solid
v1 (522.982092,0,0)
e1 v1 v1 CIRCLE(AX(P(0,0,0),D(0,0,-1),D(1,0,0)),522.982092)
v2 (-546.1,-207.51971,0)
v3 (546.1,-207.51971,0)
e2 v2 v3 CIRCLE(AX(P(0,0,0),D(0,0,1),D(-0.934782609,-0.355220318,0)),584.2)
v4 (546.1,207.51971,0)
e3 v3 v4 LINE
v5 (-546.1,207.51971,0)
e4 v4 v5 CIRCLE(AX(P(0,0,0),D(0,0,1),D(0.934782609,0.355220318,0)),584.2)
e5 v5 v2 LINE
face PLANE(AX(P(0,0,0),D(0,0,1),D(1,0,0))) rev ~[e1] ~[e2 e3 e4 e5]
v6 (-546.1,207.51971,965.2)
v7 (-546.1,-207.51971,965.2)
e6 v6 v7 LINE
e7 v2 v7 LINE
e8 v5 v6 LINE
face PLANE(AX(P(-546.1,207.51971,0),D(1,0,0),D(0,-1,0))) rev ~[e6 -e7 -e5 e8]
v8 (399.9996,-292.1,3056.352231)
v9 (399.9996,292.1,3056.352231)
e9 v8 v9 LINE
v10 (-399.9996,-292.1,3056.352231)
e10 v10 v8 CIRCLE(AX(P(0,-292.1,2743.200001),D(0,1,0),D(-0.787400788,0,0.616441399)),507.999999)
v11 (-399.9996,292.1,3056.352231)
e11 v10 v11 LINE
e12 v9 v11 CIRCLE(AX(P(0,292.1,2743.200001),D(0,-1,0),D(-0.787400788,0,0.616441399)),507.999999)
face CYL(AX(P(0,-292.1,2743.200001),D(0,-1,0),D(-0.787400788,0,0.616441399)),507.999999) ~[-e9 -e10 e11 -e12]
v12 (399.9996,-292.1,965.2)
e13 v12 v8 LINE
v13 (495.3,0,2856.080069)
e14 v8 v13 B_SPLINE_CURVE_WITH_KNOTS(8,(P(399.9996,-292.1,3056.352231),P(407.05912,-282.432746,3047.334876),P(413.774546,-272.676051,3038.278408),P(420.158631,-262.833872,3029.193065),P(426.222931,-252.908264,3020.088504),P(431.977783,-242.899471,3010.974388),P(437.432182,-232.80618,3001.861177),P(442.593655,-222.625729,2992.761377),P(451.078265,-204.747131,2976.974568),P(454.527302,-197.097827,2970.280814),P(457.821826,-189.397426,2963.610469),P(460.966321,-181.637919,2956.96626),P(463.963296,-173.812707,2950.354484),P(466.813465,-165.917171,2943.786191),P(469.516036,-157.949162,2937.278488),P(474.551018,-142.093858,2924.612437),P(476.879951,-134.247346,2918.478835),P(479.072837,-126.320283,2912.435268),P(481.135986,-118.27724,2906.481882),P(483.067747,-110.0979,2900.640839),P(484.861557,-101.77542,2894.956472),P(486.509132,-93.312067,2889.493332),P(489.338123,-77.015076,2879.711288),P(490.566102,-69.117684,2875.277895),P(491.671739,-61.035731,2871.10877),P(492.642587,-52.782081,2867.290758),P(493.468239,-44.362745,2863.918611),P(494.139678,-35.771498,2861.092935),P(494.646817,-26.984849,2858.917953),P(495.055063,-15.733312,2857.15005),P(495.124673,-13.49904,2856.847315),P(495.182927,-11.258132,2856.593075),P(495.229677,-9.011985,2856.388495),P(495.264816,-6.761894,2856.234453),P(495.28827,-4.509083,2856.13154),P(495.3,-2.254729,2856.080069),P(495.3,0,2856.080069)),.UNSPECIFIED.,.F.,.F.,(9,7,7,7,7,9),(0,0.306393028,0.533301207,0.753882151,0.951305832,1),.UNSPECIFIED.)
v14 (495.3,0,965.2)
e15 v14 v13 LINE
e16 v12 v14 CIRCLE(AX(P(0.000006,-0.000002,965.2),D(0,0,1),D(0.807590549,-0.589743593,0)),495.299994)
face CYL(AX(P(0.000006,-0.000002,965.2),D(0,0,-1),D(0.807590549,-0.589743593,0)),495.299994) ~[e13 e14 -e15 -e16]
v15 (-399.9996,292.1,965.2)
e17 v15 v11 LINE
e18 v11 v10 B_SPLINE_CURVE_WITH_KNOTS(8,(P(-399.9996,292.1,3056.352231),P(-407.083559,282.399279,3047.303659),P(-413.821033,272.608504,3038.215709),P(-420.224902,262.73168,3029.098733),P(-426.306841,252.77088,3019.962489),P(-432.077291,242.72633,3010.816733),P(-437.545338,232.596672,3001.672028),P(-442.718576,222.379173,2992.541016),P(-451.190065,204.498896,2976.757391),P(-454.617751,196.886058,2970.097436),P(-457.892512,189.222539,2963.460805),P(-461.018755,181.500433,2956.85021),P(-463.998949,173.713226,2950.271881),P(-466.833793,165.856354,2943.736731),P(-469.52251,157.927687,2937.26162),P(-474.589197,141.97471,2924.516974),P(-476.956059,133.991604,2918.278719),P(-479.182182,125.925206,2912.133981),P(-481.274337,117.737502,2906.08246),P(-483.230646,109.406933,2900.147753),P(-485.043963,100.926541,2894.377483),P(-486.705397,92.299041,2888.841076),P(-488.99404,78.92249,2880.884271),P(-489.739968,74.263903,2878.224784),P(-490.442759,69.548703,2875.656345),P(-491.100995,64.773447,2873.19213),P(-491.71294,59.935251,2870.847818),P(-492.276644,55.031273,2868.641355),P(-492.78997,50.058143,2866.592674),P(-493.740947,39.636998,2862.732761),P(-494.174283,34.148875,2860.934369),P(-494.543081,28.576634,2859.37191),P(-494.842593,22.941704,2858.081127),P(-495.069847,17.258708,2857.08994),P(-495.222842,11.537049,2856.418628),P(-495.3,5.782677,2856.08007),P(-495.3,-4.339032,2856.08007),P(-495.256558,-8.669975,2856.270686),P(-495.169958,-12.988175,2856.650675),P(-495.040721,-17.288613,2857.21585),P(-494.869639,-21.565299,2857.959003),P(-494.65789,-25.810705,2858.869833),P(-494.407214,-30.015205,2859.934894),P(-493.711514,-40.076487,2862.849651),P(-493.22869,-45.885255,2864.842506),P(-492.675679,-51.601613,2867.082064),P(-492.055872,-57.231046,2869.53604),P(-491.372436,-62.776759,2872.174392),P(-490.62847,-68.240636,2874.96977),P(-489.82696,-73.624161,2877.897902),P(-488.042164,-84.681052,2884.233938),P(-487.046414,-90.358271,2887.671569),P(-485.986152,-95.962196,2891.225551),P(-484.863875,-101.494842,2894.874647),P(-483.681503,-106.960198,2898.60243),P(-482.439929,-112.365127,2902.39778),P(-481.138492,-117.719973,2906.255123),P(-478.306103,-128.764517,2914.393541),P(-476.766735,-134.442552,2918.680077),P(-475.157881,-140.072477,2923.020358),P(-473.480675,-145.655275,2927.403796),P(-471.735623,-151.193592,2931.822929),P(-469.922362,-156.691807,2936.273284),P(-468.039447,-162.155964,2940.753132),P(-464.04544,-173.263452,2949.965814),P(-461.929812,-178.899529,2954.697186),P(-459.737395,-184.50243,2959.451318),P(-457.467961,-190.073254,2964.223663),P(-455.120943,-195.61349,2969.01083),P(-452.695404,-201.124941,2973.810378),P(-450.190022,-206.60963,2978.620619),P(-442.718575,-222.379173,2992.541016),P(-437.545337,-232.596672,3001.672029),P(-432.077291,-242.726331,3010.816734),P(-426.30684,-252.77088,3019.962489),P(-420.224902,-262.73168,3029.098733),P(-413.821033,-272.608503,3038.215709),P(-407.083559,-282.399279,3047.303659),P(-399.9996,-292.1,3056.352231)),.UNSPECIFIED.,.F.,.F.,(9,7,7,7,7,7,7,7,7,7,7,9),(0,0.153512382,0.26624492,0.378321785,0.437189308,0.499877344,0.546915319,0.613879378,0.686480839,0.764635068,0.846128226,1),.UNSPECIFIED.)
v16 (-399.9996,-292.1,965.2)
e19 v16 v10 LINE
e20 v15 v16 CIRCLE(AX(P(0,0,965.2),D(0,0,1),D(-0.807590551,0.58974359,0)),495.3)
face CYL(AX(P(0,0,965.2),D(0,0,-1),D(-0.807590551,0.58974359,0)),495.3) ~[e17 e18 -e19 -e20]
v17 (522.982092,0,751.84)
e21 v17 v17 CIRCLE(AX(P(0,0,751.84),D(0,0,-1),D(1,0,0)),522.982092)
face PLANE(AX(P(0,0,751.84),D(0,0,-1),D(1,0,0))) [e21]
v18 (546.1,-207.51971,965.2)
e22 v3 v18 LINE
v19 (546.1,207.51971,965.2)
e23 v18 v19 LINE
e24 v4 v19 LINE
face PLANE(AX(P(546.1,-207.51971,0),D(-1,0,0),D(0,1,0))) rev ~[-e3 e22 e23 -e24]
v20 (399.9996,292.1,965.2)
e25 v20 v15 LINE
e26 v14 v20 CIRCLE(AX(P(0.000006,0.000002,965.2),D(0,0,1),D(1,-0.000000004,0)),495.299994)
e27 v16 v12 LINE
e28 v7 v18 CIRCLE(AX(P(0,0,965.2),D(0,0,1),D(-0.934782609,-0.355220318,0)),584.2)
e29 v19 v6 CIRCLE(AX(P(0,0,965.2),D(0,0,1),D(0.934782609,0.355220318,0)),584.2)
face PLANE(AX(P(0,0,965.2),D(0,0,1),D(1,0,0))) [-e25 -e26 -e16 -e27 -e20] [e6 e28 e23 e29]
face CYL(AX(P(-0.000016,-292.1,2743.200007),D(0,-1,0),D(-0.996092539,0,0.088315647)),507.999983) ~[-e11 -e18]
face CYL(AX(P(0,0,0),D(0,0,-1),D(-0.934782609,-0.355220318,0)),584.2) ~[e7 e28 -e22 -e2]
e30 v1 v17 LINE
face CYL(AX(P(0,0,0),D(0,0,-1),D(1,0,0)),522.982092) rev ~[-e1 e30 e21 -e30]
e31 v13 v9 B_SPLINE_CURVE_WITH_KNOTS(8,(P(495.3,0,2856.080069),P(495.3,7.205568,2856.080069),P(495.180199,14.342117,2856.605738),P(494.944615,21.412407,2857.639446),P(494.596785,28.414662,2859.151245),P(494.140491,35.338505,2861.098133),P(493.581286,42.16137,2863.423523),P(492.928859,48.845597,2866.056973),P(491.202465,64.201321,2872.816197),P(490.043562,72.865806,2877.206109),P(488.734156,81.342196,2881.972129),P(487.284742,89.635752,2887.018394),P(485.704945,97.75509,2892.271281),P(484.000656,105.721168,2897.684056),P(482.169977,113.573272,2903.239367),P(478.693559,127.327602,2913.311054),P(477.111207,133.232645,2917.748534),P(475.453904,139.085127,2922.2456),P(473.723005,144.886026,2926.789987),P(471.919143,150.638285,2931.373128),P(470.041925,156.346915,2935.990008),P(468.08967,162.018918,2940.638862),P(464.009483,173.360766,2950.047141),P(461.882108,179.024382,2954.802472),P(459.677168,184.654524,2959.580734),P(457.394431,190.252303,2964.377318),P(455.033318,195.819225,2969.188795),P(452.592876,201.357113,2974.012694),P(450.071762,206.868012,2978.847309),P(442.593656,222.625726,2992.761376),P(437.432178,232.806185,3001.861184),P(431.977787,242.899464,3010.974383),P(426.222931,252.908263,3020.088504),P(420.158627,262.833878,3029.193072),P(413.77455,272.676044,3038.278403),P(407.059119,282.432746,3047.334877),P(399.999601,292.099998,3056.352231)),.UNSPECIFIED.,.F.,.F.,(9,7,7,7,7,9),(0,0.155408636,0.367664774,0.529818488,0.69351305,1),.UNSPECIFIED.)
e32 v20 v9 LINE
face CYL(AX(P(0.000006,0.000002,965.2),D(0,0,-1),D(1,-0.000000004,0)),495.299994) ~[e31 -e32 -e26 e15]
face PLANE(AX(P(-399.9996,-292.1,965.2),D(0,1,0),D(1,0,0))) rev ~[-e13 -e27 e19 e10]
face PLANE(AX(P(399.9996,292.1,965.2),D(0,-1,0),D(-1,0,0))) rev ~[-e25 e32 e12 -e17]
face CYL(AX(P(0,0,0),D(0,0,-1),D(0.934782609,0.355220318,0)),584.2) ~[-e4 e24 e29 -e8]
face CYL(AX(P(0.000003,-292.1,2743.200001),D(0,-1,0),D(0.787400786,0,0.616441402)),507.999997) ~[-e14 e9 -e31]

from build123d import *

# Parameters (mm, degrees)
F1_DEPTH = 965.2
F3_DEPTH = 2362.2
F5_DEPTH = 1524
F6_R     = 522.982092
F7_DEPTH = 751.84


with BuildPart() as f1:
    # F0 (on Top) → F1 (new body)
    with BuildSketch(Plane.XY):
        with BuildLine():
            Line((546.1, -207.51971), (546.1, 207.51971))
            ThreePointArc((546.1, 207.51971), (0, 584.2), (-546.1, 207.51971))
            Line((-546.1, 207.51971), (-546.1, -207.51971))
            ThreePointArc((-546.1, -207.51971), (0, -584.2), (546.1, -207.51971))
        make_face()
    extrude(amount=F1_DEPTH)

    # F2 (on face) → F3 (join)
    with BuildSketch(Plane.XY.offset(965.2)):
        with BuildLine():
            ThreePointArc((399.9996, -292.1), (470.872537, -153.626639), (495.3, 0))
            ThreePointArc((495.3, 0), (470.872537, 153.626639), (399.9996, 292.1))
            Line((399.9996, 292.1), (-399.9996, 292.1))
            ThreePointArc((-399.9996, 292.1), (-495.3, 0), (-399.9996, -292.1))
            Line((-399.9996, -292.1), (399.9996, -292.1))
        make_face()
    extrude(amount=F3_DEPTH)

    # F4 (on face) → F5 (cut)
    with BuildSketch(Plane.XZ.offset(292.1)):
        with BuildLine():
            ThreePointArc((508, 2743.2), (507.982015, 2738.925396), (507.928062, 2734.651095))
            Line((507.928062, 2734.651095), (693.923891, 3608.874083))
            Line((693.923891, 3608.874083), (-619.614959, 3534.225464))
            Line((-619.614959, 3534.225464), (-506.015009, 2788.064354))
            ThreePointArc((-506.015009, 2788.064354), (-472.451283, 2929.891686), (-399.9996, 3056.352231))
            Line((-399.9996, 3056.352231), (-399.9996, 3327.4))
            Line((-399.9996, 3327.4), (399.9996, 3327.4))
            Line((399.9996, 3327.4), (399.9996, 3056.352231))
            ThreePointArc((399.9996, 3056.352231), (480.2415, 2908.826392), (508, 2743.2))
        make_face()
        with BuildLine():
            ThreePointArc((-399.9996, 3056.352231), (0, 3251.2), (399.9996, 3056.352231))
            Line((399.9996, 3056.352231), (399.9996, 3327.4))
            Line((399.9996, 3327.4), (-399.9996, 3327.4))
            Line((-399.9996, 3327.4), (-399.9996, 3056.352231))
        make_face()
    extrude(amount=-F5_DEPTH, mode=Mode.SUBTRACT)

    # F6 (on face) → F7 (cut)
    with BuildSketch(Plane(origin=(0, 0, 0), x_dir=(1, 0, 0), z_dir=(0, 0, -1))):
        Circle(F6_R)
    extrude(amount=-F7_DEPTH, mode=Mode.SUBTRACT)


solid = f1.part
